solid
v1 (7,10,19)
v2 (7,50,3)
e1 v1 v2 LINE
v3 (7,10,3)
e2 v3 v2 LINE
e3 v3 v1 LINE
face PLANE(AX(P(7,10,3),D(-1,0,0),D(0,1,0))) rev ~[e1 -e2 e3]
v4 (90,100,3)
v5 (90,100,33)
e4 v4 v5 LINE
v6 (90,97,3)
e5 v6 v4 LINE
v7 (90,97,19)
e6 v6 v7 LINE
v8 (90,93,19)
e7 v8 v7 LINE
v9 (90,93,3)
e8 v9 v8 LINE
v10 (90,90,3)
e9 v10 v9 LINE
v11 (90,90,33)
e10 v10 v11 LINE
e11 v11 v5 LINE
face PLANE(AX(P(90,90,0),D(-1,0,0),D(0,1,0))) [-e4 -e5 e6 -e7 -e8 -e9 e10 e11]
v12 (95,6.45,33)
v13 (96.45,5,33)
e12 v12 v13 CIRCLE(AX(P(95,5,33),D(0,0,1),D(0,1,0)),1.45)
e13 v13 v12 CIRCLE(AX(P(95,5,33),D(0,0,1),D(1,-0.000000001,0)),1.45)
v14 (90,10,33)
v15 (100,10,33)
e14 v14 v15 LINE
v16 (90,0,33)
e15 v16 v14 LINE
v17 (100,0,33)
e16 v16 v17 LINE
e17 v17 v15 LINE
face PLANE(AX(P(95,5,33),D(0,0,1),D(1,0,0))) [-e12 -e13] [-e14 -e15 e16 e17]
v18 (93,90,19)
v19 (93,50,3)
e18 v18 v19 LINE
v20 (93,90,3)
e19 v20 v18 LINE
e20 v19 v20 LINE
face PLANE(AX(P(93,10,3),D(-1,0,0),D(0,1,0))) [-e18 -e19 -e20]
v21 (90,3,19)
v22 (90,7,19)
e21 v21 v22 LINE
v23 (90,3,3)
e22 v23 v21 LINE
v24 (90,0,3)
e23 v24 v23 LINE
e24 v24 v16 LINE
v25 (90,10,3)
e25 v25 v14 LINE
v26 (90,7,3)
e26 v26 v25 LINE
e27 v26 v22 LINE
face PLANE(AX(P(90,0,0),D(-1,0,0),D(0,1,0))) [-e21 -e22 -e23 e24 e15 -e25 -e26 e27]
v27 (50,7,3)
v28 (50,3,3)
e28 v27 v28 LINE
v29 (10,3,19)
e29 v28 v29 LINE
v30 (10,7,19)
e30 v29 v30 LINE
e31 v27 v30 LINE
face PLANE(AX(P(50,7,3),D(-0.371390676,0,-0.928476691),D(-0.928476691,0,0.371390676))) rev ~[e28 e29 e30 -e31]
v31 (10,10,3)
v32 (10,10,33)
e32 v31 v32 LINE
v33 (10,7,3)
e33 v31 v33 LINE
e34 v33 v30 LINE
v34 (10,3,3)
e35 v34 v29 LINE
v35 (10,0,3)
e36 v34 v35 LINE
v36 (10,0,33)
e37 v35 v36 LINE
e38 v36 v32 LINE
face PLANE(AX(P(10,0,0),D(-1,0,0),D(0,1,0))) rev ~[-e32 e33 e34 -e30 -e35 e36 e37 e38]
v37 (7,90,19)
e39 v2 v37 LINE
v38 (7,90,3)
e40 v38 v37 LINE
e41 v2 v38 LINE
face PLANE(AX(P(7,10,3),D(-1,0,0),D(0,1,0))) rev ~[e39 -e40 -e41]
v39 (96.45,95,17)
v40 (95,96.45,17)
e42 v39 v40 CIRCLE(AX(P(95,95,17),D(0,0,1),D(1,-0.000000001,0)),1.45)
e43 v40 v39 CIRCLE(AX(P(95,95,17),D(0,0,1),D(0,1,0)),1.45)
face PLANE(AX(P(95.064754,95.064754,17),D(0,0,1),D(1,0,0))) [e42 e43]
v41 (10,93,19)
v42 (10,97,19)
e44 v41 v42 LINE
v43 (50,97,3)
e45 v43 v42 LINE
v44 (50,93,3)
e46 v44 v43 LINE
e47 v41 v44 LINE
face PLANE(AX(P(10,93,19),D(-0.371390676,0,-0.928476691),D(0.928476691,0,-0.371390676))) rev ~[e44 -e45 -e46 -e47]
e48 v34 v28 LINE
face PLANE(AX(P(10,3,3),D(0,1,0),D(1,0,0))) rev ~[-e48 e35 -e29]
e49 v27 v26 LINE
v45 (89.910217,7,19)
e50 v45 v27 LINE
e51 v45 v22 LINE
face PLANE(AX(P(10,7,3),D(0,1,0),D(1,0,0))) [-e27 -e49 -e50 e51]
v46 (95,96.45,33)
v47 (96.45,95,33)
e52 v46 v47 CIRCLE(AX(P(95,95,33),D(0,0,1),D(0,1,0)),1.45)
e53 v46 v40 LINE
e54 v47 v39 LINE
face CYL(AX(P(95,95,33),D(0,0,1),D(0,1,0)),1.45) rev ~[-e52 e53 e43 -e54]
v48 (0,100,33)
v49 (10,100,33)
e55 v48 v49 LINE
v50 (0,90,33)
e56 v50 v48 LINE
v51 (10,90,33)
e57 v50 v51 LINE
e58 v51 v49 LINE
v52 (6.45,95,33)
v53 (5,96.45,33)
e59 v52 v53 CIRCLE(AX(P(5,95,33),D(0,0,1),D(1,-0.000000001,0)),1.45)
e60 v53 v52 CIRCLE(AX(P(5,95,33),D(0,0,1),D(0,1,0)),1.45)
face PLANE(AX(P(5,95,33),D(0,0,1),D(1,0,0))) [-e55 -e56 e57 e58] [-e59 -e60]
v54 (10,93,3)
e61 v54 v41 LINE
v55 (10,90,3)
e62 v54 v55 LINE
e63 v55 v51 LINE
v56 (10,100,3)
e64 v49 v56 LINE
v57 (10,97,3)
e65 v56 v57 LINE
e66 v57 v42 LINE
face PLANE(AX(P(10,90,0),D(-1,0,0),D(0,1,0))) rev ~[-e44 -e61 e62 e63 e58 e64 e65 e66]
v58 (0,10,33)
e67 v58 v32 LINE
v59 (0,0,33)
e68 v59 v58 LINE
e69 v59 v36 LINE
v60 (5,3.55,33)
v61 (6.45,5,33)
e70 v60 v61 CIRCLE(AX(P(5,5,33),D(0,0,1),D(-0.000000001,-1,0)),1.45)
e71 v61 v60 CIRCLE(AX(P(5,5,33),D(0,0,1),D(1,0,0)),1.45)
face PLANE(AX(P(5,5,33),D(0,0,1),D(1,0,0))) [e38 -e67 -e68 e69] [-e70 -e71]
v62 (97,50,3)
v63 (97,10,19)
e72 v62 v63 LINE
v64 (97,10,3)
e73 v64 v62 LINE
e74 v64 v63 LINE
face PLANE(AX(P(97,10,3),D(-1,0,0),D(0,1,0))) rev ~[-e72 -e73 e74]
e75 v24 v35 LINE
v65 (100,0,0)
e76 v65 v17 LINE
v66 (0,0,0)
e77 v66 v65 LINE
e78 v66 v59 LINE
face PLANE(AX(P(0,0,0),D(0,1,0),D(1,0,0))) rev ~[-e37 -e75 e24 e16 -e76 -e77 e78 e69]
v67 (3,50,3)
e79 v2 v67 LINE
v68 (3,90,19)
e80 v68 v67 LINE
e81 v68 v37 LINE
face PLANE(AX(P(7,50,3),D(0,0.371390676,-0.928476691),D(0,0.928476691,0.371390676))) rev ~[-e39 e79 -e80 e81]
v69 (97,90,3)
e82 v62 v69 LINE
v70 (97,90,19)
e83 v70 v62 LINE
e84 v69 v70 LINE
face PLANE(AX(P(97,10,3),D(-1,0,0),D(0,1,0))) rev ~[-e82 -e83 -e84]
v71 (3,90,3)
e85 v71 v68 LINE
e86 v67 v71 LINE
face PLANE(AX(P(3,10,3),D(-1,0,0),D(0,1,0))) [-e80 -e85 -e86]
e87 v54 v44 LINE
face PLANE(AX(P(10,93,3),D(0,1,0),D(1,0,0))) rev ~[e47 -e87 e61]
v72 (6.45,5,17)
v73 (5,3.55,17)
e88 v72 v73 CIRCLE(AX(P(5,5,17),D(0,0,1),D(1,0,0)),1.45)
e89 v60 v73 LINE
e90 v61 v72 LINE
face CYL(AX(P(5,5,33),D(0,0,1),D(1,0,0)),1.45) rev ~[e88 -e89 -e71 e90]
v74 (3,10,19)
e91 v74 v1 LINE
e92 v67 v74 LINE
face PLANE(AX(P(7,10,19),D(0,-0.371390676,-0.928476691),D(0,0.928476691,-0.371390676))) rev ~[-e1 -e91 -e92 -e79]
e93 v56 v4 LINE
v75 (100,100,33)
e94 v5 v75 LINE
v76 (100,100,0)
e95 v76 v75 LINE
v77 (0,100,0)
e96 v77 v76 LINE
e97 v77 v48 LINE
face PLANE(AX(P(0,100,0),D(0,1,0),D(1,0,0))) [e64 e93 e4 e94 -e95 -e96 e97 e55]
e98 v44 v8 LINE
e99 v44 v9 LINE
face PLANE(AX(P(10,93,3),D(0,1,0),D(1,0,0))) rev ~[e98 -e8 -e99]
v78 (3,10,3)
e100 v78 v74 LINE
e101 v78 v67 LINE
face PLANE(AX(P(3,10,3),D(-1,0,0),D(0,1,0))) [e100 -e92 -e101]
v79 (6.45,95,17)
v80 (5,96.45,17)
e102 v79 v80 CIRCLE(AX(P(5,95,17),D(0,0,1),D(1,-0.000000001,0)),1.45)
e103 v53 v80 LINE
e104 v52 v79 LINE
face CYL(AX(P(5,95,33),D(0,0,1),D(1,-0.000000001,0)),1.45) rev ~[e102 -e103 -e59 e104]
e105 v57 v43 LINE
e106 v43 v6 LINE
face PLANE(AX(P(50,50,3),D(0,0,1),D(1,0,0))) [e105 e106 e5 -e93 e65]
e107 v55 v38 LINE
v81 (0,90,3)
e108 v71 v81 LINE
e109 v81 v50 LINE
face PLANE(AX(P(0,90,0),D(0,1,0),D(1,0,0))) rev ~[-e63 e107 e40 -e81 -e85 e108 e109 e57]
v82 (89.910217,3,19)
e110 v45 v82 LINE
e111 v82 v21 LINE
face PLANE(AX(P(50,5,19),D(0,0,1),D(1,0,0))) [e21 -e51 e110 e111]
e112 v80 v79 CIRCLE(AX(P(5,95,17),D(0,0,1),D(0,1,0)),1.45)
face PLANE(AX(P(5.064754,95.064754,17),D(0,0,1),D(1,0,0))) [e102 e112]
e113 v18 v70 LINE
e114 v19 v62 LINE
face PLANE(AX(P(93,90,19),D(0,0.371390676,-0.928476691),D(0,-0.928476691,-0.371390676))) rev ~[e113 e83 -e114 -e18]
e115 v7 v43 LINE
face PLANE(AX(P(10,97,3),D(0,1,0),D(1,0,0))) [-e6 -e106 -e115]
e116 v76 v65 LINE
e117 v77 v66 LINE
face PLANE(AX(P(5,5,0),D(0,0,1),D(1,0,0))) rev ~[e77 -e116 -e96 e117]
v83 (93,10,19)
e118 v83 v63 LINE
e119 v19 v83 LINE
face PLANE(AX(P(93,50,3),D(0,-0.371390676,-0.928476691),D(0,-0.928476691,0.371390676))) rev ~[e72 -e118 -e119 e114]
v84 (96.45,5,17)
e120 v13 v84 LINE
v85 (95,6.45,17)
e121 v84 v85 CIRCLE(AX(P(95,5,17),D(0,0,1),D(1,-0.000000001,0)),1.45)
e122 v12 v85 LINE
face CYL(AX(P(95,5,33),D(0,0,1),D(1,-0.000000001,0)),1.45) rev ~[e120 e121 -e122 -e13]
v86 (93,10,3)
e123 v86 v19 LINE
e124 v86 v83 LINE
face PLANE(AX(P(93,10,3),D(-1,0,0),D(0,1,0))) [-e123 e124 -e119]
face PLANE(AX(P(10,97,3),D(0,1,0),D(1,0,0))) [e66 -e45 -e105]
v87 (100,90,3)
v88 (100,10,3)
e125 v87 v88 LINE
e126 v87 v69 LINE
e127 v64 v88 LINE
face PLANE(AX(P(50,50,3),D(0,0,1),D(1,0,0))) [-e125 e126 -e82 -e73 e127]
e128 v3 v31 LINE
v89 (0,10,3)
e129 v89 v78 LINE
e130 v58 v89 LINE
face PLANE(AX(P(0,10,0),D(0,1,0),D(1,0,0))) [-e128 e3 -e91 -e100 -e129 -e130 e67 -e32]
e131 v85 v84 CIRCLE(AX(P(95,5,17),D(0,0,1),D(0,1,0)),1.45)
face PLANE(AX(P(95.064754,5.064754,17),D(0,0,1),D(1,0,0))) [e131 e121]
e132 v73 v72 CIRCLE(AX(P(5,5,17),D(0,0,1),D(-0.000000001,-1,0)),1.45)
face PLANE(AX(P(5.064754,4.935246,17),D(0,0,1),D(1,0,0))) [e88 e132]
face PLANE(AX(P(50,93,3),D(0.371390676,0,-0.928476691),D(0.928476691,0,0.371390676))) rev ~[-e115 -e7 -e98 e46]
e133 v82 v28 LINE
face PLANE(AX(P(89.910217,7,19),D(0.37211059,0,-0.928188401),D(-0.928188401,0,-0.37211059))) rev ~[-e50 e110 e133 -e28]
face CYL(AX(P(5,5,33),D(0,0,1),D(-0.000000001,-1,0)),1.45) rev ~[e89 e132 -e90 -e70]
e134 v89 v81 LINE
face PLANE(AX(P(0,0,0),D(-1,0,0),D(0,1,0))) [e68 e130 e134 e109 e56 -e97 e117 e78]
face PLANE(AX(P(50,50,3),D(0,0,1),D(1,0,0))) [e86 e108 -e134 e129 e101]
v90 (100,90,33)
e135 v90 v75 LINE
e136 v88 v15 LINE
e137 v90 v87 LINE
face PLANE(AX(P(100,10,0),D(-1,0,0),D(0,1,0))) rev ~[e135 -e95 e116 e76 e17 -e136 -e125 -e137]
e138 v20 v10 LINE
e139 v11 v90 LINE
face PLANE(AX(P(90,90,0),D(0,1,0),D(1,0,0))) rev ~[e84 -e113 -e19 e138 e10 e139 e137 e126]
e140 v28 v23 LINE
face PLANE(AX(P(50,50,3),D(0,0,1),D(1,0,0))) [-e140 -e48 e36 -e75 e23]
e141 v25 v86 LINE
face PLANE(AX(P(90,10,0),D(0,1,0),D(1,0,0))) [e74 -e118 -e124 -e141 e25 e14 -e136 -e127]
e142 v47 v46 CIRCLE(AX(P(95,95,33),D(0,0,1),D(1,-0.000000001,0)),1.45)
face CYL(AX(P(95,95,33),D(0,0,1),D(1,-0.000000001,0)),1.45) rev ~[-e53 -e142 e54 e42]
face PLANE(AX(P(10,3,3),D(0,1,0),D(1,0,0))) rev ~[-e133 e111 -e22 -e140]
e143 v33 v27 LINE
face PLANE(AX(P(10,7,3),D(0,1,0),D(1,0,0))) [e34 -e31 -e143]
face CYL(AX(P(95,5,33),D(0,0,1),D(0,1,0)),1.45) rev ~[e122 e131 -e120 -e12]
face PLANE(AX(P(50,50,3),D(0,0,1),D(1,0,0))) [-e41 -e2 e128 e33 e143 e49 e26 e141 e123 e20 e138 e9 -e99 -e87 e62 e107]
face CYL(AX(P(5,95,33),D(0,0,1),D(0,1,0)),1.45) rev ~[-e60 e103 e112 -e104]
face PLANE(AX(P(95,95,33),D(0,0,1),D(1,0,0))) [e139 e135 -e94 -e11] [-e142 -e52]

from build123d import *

# Parameters (mm, degrees)
EXTRUDE_3_DEPTH     = 3
SKETCH_1_4_W        = 10
SKETCH_1_4_H        = 10
EXTRUDE_4_DEPTH     = 33
CUT_EXTRUDE_1_DEPTH = 16
CUT_EXTRUDE_2_DEPTH = 16
CUT_EXTRUDE_3_DEPTH = 16
CUT_EXTRUDE_4_DEPTH = 16
SKETCH_7_W          = 4
SKETCH_7_H          = 80
SKETCH_7_W_2        = 80
SKETCH_7_H_2        = 4
EXTRUDE_5_DEPTH     = 16
CUT_EXTRUDE_5_DEPTH = 16
CUT_EXTRUDE_6_DEPTH = 16
CUT_EXTRUDE_7_DEPTH = 16
CUT_EXTRUDE_8_DEPTH = 16


with BuildPart() as part:
    # 草图1 → 凸台-拉伸3 (new body)
    with BuildSketch(Plane.XY):
        Polygon((10, 10), (10, 0), (90, 0), (90, 10), (100, 10), (100, 90), (90, 90), (90, 100), (10, 100), (10, 90), (0, 90), (0, 10), align=None)
    extrude(amount=EXTRUDE_3_DEPTH)

    # 草图1<4> → 凸台-拉伸4 (add)
    with BuildSketch(Plane.XY):
        with Locations((5, 5)):
            Rectangle(SKETCH_1_4_W, SKETCH_1_4_H)
        with Locations((95, 5)):
            Rectangle(SKETCH_1_4_W, SKETCH_1_4_H)
        with Locations((5, 95)):
            Rectangle(SKETCH_1_4_W, SKETCH_1_4_H)
        with Locations((95, 95)):
            Rectangle(SKETCH_1_4_W, SKETCH_1_4_H)
    extrude(amount=EXTRUDE_4_DEPTH)

    # 草图3 → 切除-拉伸1 (cut)
    with BuildSketch(Plane.XY.offset(33)):
        with BuildLine():
            ThreePointArc((5, 96.45), (3.974695167, 93.974695167), (6.45, 95))
            ThreePointArc((6.45, 95), (6.025304833, 96.025304833), (5, 96.45))
        make_face()
    extrude(amount=-CUT_EXTRUDE_1_DEPTH, mode=Mode.SUBTRACT)

    # 草图4 → 切除-拉伸2 (cut)
    with BuildSketch(Plane.XY.offset(33)):
        with BuildLine():
            ThreePointArc((95, 96.45), (93.974695167, 93.974695167), (96.45, 95))
            ThreePointArc((96.45, 95), (96.025304833, 96.025304833), (95, 96.45))
        make_face()
    extrude(amount=-CUT_EXTRUDE_2_DEPTH, mode=Mode.SUBTRACT)

    # 草图5 → 切除-拉伸3 (cut)
    with BuildSketch(Plane.XY.offset(33)):
        with BuildLine():
            ThreePointArc((5, 3.55), (6.025304833, 3.974695167), (6.45, 5))
            ThreePointArc((6.45, 5), (3.974695167, 6.025304833), (5, 3.55))
        make_face()
    extrude(amount=-CUT_EXTRUDE_3_DEPTH, mode=Mode.SUBTRACT)

    # 草图5<3> → 切除-拉伸4 (cut)
    with BuildSketch(Plane.XY.offset(33)):
        with BuildLine():
            ThreePointArc((95, 6.45), (93.974695167, 3.974695167), (96.45, 5))
            ThreePointArc((96.45, 5), (96.025304833, 6.025304833), (95, 6.45))
        make_face()
    extrude(amount=-CUT_EXTRUDE_4_DEPTH, mode=Mode.SUBTRACT)

    # 草图7 → 凸台-拉伸5 (add)
    with BuildSketch(Plane.XY.offset(3)):
        with Locations((5, 50)):
            Rectangle(SKETCH_7_W, SKETCH_7_H)
        with Locations((50, 95)):
            Rectangle(SKETCH_7_W_2, SKETCH_7_H_2)
        with Locations((50, 5)):
            Rectangle(SKETCH_7_W_2, SKETCH_7_H_2)
        with Locations((95, 50)):
            Rectangle(SKETCH_7_W, SKETCH_7_H)
    extrude(amount=EXTRUDE_5_DEPTH)

    # 草图8 → 切除-拉伸5 (cut)
    with BuildSketch(Plane(origin=(0, 7, 0), x_dir=(1, 0, 0), z_dir=(0, 1, 0))):
        Polygon((89.910217028, -19), (50, -3), (10, -19), align=None)
    extrude(amount=-CUT_EXTRUDE_5_DEPTH, mode=Mode.SUBTRACT)

    # 草图9 → 切除-拉伸6 (cut)
    with BuildSketch(Plane(origin=(7, 0, 0), x_dir=(0, 0, -1), z_dir=(1, 0, 0))):
        Polygon((-19, 10), (-3, 50), (-19, 90), align=None)
    extrude(amount=-CUT_EXTRUDE_6_DEPTH, mode=Mode.SUBTRACT)

    # 草图10 → 切除-拉伸7 (cut)
    with BuildSketch(Plane.XZ.offset(-93)):
        Polygon((10, 19), (50, 3), (90, 19), align=None)
    extrude(amount=-CUT_EXTRUDE_7_DEPTH, mode=Mode.SUBTRACT)

    # 草图11 → 切除-拉伸8 (cut)
    with BuildSketch(Plane.ZY.offset(-93)):
        Polygon((19, 90), (3, 50), (19, 10), align=None)
    extrude(amount=-CUT_EXTRUDE_8_DEPTH, mode=Mode.SUBTRACT)


solid = part.part
